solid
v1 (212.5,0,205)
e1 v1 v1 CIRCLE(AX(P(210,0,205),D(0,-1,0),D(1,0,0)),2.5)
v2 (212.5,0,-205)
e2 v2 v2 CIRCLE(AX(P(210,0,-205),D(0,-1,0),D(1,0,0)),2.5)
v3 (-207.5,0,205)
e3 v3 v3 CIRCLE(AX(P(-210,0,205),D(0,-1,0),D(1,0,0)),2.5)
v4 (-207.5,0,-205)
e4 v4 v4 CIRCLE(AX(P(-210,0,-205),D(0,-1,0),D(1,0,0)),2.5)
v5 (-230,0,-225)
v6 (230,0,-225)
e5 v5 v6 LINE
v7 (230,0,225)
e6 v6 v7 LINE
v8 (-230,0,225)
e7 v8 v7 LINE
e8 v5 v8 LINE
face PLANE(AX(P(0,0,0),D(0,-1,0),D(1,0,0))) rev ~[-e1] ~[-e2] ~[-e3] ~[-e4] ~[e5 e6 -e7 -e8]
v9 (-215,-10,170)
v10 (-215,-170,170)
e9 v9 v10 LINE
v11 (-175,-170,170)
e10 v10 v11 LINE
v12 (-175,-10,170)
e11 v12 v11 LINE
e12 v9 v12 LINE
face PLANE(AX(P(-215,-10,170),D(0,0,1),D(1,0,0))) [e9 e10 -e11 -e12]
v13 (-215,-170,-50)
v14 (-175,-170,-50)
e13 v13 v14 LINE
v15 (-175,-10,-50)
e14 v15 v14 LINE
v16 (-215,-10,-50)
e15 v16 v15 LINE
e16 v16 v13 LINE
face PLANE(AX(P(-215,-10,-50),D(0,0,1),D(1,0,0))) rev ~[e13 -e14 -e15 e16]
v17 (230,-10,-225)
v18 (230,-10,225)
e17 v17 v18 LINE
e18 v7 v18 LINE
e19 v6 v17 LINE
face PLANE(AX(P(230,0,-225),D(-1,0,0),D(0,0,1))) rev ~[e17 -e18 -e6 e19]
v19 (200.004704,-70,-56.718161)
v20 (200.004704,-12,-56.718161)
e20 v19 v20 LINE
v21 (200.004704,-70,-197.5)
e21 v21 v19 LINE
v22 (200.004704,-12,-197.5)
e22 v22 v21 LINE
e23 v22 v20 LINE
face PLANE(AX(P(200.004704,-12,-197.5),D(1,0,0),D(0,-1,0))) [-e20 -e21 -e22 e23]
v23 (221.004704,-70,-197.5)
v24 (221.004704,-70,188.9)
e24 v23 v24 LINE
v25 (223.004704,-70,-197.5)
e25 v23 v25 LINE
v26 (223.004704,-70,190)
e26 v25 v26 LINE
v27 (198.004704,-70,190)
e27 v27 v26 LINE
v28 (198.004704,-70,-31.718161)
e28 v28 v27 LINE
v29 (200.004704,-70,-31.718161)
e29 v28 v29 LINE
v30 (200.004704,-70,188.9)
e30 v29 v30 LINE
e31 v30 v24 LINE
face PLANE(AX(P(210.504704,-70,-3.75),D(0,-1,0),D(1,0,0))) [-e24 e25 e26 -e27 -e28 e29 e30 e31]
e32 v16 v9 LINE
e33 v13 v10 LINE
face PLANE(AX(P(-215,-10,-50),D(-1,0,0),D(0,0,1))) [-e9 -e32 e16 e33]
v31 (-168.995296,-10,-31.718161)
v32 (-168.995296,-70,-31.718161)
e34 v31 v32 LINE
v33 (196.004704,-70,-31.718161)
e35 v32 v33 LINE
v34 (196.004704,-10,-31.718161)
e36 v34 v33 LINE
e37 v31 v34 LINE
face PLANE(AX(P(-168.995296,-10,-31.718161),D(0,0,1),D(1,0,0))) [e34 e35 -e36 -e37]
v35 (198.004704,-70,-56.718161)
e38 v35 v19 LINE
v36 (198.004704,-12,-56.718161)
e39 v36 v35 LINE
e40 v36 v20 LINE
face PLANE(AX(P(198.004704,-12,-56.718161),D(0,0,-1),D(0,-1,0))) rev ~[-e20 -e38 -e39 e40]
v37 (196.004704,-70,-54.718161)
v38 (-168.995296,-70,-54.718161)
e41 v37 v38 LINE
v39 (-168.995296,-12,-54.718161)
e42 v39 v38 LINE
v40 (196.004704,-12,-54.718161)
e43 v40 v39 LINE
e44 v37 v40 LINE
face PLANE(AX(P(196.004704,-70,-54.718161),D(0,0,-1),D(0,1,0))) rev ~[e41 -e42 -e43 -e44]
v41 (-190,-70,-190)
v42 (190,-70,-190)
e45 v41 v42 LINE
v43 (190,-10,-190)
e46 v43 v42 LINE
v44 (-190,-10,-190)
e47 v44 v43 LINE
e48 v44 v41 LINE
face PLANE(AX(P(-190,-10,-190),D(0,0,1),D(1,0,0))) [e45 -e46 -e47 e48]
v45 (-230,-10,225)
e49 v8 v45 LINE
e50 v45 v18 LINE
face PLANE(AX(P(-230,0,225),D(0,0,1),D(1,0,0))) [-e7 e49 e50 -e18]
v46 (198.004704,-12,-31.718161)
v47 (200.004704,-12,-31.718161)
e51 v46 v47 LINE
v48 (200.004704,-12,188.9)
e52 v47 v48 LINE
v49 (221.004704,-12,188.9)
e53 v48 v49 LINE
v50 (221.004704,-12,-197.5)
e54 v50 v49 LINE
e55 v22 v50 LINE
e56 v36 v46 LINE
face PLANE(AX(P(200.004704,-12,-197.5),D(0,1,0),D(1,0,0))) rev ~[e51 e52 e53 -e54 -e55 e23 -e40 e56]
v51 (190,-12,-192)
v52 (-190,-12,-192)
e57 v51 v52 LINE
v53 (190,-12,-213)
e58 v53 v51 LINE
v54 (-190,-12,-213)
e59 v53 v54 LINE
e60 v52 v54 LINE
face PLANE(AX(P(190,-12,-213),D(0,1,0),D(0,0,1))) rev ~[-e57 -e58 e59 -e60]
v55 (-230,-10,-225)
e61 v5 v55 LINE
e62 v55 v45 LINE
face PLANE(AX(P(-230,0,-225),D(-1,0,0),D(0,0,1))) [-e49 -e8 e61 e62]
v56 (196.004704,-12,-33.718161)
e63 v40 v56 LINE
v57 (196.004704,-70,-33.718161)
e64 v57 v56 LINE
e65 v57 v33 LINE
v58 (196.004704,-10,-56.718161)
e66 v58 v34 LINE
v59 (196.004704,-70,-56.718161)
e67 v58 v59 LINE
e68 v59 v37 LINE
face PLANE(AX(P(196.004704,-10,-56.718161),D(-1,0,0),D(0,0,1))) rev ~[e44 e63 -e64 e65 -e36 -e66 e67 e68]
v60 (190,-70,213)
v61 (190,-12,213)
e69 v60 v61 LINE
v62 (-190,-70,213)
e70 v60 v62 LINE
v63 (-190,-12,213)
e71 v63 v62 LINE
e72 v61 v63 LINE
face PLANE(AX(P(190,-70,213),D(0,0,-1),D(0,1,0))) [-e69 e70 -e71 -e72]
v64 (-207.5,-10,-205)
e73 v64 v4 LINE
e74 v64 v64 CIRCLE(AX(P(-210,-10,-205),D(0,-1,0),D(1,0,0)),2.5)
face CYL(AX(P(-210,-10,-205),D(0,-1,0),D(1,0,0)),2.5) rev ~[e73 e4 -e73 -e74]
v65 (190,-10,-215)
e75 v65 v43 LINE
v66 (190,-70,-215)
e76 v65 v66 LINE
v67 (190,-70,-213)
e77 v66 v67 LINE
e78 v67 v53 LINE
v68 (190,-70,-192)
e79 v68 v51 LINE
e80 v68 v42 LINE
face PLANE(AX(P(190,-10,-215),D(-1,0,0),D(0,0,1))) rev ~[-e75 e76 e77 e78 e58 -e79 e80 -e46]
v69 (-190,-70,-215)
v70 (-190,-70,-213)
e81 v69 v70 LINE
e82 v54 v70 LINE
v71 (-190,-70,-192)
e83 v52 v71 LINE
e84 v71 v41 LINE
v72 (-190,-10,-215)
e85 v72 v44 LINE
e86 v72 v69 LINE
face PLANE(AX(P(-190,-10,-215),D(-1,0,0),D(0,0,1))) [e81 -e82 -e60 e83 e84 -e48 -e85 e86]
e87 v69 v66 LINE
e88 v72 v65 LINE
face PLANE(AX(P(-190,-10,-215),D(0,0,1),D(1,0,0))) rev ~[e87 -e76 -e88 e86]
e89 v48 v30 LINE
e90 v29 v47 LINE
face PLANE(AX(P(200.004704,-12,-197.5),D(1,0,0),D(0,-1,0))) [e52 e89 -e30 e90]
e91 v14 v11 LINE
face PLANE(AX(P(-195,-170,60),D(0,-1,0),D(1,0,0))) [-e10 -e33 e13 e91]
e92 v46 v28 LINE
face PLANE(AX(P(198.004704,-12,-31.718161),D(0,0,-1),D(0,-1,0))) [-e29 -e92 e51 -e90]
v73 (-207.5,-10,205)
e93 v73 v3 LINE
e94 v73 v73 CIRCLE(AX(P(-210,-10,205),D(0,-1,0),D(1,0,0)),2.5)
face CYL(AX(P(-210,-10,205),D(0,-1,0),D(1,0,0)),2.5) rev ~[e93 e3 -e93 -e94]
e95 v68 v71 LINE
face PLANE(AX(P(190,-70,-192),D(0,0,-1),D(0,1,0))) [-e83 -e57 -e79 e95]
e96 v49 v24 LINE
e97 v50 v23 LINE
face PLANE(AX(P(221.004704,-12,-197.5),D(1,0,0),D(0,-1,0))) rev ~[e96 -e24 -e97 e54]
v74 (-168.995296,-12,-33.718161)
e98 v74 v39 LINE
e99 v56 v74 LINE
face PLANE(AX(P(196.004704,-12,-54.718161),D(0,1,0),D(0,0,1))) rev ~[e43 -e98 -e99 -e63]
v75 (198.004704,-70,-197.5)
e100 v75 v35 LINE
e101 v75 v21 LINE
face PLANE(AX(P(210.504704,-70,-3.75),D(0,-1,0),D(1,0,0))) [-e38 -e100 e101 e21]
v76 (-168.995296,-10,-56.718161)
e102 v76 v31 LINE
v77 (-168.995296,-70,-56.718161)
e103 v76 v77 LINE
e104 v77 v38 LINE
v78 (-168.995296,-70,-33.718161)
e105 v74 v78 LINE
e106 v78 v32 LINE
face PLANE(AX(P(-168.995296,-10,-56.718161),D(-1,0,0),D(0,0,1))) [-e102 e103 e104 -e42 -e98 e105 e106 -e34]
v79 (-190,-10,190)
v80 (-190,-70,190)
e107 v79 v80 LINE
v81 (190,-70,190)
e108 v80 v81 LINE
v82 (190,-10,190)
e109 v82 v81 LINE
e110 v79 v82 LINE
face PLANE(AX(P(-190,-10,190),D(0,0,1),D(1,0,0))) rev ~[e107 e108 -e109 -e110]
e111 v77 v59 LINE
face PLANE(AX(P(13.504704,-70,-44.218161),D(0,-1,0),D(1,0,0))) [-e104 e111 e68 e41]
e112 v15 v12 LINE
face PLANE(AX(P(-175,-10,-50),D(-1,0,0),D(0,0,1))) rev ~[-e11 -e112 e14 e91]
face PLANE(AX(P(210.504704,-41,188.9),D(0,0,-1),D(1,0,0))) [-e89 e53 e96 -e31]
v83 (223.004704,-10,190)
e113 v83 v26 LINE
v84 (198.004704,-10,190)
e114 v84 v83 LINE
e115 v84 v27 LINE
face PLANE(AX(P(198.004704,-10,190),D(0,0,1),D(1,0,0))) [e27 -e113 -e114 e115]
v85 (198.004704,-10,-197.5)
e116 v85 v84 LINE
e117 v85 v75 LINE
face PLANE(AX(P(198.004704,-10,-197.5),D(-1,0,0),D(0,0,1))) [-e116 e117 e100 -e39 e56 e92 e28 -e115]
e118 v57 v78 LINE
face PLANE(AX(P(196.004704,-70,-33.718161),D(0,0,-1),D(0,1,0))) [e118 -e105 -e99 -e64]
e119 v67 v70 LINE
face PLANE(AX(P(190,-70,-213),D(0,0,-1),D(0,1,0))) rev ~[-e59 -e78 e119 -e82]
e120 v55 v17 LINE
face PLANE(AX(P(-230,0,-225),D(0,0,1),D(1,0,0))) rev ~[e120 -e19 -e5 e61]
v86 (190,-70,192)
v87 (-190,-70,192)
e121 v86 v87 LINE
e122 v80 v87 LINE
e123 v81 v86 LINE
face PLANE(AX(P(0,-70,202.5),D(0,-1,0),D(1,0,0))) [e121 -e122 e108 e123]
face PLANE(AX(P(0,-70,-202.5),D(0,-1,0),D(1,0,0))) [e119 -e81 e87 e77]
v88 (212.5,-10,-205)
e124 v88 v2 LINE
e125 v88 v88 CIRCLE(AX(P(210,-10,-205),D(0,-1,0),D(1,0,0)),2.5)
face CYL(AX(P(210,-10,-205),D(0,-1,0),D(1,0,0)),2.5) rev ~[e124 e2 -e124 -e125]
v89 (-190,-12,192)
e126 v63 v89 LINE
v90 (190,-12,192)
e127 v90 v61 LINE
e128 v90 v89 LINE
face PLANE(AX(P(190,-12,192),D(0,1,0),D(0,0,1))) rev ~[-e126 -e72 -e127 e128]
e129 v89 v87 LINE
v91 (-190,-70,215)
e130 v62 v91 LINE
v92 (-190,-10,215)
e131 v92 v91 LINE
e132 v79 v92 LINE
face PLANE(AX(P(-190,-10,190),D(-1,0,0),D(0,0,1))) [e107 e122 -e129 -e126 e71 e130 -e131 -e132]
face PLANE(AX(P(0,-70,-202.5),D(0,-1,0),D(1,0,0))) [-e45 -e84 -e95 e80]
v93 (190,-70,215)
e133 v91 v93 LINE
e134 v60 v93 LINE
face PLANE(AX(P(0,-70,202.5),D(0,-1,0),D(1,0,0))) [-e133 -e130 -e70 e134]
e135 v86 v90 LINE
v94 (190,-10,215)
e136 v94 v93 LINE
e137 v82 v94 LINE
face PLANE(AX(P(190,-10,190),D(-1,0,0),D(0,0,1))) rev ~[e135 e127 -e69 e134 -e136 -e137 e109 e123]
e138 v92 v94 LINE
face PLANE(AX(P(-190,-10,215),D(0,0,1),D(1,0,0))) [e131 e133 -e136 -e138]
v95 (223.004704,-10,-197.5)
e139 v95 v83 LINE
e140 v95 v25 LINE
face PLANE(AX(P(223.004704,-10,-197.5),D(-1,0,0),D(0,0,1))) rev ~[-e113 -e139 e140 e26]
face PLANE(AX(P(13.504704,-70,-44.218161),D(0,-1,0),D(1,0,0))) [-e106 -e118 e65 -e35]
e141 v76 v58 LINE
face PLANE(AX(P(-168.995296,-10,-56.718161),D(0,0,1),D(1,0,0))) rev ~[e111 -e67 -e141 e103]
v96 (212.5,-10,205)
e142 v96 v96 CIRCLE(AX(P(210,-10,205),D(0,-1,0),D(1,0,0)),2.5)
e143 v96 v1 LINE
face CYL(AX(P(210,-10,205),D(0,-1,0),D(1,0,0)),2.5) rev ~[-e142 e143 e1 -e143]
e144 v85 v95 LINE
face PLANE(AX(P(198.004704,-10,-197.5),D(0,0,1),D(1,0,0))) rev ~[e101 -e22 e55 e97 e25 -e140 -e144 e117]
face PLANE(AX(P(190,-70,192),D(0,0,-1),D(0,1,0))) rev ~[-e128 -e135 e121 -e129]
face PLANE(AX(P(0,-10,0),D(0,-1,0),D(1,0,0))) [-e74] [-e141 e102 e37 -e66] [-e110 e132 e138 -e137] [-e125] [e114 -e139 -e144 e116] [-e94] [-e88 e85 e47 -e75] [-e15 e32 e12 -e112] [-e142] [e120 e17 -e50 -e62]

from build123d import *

# Parameters (mm, degrees)
F0_W      = 460
F0_H      = 450
F1_DEPTH  = 10
F2_R      = 2.5
F3_DEPTH  = 23
F4_W      = 40
F4_H      = 220
F5_DEPTH  = 160
F6_W      = 380
F6_H      = 25
F7_DEPTH  = 60
F8_W      = 58
F8_H      = 21
F9_DEPTH  = 382.2
F10_DEPTH = 401
F11_W     = 25
F11_H     = 387.5
F12_DEPTH = 60
F13_W     = 21
F13_H     = 58
F14_DEPTH = 386.4
F15_W     = 58
F15_H     = 25
F16_DEPTH = 3.3
F17_W     = 365
F17_H     = 25
F18_DEPTH = 60
F19_W     = 58
F19_H     = 21
F20_DEPTH = 366.6


with BuildPart() as f1:
    # F0 (on Front) → F1 (new body)
    with BuildSketch(Plane.XZ):
        Rectangle(F0_W, F0_H)
    extrude(amount=F1_DEPTH)

    # F2 (on face) → F3 (cut)
    with BuildSketch(Plane.XZ.offset(10)):
        with Locations((210, 205)):
            Circle(F2_R)
        with Locations((-210, 205)):
            Circle(F2_R)
        with Locations((-210, -205)):
            Circle(F2_R)
        with Locations((210, -205)):
            Circle(F2_R)
    extrude(amount=-F3_DEPTH, mode=Mode.SUBTRACT)

    # F4 (on face) → F5 (join)
    with BuildSketch(Plane.XZ.offset(10)):
        with Locations((-195, 60)):
            Rectangle(F4_W, F4_H)
    extrude(amount=F5_DEPTH)

    # F6 (on face) → F7 (join)
    with BuildSketch(Plane.XZ.offset(10)):
        with Locations((0, 202.5)):
            Rectangle(F6_W, F6_H)
        with Locations((0, -202.5)):
            Rectangle(F6_W, F6_H)
    extrude(amount=F7_DEPTH)

    # F8 (on face) → F9 (cut)
    with BuildSketch(Plane.YZ.offset(190)):
        with Locations((-41, 202.5)):
            Rectangle(F8_W, F8_H)
    extrude(amount=-F9_DEPTH, mode=Mode.SUBTRACT)

    # F8 (on face) → F10 (cut)
    with BuildSketch(Plane.YZ.offset(190)):
        with Locations((-41, -202.5)):
            Rectangle(F8_W, F8_H)
    extrude(amount=-F10_DEPTH, mode=Mode.SUBTRACT)

    # F11 (on face) → F12 (join)
    with BuildSketch(Plane.XZ.offset(10)):
        with Locations((210.504704, -3.75)):
            Rectangle(F11_W, F11_H)
    extrude(amount=F12_DEPTH)

    # F13 (on face) → F14 (cut)
    with BuildSketch(Plane(origin=(0, 0, -197.5), x_dir=(1, 0, 0), z_dir=(0, 0, -1))):
        with Locations((210.504704, 41)):
            Rectangle(F13_W, F13_H)
    extrude(amount=-F14_DEPTH, mode=Mode.SUBTRACT)

    # F15 (on face) → F16 (cut)
    with BuildSketch(Plane(origin=(198.004704, 0, 0), x_dir=(0, -1, 0), z_dir=(-1, 0, 0))):
        with Locations((41, -44.218161)):
            Rectangle(F15_W, F15_H)
    extrude(amount=-F16_DEPTH, mode=Mode.SUBTRACT)

    # F17 (on face) → F18 (join)
    with BuildSketch(Plane.XZ.offset(10)):
        with Locations((13.504704, -44.218161)):
            Rectangle(F17_W, F17_H)
    extrude(amount=F18_DEPTH)

    # F19 (on face) → F20 (cut)
    with BuildSketch(Plane.YZ.offset(196.004704)):
        with Locations((-41, -44.218161)):
            Rectangle(F19_W, F19_H)
    extrude(amount=-F20_DEPTH, mode=Mode.SUBTRACT)


solid = f1.part
